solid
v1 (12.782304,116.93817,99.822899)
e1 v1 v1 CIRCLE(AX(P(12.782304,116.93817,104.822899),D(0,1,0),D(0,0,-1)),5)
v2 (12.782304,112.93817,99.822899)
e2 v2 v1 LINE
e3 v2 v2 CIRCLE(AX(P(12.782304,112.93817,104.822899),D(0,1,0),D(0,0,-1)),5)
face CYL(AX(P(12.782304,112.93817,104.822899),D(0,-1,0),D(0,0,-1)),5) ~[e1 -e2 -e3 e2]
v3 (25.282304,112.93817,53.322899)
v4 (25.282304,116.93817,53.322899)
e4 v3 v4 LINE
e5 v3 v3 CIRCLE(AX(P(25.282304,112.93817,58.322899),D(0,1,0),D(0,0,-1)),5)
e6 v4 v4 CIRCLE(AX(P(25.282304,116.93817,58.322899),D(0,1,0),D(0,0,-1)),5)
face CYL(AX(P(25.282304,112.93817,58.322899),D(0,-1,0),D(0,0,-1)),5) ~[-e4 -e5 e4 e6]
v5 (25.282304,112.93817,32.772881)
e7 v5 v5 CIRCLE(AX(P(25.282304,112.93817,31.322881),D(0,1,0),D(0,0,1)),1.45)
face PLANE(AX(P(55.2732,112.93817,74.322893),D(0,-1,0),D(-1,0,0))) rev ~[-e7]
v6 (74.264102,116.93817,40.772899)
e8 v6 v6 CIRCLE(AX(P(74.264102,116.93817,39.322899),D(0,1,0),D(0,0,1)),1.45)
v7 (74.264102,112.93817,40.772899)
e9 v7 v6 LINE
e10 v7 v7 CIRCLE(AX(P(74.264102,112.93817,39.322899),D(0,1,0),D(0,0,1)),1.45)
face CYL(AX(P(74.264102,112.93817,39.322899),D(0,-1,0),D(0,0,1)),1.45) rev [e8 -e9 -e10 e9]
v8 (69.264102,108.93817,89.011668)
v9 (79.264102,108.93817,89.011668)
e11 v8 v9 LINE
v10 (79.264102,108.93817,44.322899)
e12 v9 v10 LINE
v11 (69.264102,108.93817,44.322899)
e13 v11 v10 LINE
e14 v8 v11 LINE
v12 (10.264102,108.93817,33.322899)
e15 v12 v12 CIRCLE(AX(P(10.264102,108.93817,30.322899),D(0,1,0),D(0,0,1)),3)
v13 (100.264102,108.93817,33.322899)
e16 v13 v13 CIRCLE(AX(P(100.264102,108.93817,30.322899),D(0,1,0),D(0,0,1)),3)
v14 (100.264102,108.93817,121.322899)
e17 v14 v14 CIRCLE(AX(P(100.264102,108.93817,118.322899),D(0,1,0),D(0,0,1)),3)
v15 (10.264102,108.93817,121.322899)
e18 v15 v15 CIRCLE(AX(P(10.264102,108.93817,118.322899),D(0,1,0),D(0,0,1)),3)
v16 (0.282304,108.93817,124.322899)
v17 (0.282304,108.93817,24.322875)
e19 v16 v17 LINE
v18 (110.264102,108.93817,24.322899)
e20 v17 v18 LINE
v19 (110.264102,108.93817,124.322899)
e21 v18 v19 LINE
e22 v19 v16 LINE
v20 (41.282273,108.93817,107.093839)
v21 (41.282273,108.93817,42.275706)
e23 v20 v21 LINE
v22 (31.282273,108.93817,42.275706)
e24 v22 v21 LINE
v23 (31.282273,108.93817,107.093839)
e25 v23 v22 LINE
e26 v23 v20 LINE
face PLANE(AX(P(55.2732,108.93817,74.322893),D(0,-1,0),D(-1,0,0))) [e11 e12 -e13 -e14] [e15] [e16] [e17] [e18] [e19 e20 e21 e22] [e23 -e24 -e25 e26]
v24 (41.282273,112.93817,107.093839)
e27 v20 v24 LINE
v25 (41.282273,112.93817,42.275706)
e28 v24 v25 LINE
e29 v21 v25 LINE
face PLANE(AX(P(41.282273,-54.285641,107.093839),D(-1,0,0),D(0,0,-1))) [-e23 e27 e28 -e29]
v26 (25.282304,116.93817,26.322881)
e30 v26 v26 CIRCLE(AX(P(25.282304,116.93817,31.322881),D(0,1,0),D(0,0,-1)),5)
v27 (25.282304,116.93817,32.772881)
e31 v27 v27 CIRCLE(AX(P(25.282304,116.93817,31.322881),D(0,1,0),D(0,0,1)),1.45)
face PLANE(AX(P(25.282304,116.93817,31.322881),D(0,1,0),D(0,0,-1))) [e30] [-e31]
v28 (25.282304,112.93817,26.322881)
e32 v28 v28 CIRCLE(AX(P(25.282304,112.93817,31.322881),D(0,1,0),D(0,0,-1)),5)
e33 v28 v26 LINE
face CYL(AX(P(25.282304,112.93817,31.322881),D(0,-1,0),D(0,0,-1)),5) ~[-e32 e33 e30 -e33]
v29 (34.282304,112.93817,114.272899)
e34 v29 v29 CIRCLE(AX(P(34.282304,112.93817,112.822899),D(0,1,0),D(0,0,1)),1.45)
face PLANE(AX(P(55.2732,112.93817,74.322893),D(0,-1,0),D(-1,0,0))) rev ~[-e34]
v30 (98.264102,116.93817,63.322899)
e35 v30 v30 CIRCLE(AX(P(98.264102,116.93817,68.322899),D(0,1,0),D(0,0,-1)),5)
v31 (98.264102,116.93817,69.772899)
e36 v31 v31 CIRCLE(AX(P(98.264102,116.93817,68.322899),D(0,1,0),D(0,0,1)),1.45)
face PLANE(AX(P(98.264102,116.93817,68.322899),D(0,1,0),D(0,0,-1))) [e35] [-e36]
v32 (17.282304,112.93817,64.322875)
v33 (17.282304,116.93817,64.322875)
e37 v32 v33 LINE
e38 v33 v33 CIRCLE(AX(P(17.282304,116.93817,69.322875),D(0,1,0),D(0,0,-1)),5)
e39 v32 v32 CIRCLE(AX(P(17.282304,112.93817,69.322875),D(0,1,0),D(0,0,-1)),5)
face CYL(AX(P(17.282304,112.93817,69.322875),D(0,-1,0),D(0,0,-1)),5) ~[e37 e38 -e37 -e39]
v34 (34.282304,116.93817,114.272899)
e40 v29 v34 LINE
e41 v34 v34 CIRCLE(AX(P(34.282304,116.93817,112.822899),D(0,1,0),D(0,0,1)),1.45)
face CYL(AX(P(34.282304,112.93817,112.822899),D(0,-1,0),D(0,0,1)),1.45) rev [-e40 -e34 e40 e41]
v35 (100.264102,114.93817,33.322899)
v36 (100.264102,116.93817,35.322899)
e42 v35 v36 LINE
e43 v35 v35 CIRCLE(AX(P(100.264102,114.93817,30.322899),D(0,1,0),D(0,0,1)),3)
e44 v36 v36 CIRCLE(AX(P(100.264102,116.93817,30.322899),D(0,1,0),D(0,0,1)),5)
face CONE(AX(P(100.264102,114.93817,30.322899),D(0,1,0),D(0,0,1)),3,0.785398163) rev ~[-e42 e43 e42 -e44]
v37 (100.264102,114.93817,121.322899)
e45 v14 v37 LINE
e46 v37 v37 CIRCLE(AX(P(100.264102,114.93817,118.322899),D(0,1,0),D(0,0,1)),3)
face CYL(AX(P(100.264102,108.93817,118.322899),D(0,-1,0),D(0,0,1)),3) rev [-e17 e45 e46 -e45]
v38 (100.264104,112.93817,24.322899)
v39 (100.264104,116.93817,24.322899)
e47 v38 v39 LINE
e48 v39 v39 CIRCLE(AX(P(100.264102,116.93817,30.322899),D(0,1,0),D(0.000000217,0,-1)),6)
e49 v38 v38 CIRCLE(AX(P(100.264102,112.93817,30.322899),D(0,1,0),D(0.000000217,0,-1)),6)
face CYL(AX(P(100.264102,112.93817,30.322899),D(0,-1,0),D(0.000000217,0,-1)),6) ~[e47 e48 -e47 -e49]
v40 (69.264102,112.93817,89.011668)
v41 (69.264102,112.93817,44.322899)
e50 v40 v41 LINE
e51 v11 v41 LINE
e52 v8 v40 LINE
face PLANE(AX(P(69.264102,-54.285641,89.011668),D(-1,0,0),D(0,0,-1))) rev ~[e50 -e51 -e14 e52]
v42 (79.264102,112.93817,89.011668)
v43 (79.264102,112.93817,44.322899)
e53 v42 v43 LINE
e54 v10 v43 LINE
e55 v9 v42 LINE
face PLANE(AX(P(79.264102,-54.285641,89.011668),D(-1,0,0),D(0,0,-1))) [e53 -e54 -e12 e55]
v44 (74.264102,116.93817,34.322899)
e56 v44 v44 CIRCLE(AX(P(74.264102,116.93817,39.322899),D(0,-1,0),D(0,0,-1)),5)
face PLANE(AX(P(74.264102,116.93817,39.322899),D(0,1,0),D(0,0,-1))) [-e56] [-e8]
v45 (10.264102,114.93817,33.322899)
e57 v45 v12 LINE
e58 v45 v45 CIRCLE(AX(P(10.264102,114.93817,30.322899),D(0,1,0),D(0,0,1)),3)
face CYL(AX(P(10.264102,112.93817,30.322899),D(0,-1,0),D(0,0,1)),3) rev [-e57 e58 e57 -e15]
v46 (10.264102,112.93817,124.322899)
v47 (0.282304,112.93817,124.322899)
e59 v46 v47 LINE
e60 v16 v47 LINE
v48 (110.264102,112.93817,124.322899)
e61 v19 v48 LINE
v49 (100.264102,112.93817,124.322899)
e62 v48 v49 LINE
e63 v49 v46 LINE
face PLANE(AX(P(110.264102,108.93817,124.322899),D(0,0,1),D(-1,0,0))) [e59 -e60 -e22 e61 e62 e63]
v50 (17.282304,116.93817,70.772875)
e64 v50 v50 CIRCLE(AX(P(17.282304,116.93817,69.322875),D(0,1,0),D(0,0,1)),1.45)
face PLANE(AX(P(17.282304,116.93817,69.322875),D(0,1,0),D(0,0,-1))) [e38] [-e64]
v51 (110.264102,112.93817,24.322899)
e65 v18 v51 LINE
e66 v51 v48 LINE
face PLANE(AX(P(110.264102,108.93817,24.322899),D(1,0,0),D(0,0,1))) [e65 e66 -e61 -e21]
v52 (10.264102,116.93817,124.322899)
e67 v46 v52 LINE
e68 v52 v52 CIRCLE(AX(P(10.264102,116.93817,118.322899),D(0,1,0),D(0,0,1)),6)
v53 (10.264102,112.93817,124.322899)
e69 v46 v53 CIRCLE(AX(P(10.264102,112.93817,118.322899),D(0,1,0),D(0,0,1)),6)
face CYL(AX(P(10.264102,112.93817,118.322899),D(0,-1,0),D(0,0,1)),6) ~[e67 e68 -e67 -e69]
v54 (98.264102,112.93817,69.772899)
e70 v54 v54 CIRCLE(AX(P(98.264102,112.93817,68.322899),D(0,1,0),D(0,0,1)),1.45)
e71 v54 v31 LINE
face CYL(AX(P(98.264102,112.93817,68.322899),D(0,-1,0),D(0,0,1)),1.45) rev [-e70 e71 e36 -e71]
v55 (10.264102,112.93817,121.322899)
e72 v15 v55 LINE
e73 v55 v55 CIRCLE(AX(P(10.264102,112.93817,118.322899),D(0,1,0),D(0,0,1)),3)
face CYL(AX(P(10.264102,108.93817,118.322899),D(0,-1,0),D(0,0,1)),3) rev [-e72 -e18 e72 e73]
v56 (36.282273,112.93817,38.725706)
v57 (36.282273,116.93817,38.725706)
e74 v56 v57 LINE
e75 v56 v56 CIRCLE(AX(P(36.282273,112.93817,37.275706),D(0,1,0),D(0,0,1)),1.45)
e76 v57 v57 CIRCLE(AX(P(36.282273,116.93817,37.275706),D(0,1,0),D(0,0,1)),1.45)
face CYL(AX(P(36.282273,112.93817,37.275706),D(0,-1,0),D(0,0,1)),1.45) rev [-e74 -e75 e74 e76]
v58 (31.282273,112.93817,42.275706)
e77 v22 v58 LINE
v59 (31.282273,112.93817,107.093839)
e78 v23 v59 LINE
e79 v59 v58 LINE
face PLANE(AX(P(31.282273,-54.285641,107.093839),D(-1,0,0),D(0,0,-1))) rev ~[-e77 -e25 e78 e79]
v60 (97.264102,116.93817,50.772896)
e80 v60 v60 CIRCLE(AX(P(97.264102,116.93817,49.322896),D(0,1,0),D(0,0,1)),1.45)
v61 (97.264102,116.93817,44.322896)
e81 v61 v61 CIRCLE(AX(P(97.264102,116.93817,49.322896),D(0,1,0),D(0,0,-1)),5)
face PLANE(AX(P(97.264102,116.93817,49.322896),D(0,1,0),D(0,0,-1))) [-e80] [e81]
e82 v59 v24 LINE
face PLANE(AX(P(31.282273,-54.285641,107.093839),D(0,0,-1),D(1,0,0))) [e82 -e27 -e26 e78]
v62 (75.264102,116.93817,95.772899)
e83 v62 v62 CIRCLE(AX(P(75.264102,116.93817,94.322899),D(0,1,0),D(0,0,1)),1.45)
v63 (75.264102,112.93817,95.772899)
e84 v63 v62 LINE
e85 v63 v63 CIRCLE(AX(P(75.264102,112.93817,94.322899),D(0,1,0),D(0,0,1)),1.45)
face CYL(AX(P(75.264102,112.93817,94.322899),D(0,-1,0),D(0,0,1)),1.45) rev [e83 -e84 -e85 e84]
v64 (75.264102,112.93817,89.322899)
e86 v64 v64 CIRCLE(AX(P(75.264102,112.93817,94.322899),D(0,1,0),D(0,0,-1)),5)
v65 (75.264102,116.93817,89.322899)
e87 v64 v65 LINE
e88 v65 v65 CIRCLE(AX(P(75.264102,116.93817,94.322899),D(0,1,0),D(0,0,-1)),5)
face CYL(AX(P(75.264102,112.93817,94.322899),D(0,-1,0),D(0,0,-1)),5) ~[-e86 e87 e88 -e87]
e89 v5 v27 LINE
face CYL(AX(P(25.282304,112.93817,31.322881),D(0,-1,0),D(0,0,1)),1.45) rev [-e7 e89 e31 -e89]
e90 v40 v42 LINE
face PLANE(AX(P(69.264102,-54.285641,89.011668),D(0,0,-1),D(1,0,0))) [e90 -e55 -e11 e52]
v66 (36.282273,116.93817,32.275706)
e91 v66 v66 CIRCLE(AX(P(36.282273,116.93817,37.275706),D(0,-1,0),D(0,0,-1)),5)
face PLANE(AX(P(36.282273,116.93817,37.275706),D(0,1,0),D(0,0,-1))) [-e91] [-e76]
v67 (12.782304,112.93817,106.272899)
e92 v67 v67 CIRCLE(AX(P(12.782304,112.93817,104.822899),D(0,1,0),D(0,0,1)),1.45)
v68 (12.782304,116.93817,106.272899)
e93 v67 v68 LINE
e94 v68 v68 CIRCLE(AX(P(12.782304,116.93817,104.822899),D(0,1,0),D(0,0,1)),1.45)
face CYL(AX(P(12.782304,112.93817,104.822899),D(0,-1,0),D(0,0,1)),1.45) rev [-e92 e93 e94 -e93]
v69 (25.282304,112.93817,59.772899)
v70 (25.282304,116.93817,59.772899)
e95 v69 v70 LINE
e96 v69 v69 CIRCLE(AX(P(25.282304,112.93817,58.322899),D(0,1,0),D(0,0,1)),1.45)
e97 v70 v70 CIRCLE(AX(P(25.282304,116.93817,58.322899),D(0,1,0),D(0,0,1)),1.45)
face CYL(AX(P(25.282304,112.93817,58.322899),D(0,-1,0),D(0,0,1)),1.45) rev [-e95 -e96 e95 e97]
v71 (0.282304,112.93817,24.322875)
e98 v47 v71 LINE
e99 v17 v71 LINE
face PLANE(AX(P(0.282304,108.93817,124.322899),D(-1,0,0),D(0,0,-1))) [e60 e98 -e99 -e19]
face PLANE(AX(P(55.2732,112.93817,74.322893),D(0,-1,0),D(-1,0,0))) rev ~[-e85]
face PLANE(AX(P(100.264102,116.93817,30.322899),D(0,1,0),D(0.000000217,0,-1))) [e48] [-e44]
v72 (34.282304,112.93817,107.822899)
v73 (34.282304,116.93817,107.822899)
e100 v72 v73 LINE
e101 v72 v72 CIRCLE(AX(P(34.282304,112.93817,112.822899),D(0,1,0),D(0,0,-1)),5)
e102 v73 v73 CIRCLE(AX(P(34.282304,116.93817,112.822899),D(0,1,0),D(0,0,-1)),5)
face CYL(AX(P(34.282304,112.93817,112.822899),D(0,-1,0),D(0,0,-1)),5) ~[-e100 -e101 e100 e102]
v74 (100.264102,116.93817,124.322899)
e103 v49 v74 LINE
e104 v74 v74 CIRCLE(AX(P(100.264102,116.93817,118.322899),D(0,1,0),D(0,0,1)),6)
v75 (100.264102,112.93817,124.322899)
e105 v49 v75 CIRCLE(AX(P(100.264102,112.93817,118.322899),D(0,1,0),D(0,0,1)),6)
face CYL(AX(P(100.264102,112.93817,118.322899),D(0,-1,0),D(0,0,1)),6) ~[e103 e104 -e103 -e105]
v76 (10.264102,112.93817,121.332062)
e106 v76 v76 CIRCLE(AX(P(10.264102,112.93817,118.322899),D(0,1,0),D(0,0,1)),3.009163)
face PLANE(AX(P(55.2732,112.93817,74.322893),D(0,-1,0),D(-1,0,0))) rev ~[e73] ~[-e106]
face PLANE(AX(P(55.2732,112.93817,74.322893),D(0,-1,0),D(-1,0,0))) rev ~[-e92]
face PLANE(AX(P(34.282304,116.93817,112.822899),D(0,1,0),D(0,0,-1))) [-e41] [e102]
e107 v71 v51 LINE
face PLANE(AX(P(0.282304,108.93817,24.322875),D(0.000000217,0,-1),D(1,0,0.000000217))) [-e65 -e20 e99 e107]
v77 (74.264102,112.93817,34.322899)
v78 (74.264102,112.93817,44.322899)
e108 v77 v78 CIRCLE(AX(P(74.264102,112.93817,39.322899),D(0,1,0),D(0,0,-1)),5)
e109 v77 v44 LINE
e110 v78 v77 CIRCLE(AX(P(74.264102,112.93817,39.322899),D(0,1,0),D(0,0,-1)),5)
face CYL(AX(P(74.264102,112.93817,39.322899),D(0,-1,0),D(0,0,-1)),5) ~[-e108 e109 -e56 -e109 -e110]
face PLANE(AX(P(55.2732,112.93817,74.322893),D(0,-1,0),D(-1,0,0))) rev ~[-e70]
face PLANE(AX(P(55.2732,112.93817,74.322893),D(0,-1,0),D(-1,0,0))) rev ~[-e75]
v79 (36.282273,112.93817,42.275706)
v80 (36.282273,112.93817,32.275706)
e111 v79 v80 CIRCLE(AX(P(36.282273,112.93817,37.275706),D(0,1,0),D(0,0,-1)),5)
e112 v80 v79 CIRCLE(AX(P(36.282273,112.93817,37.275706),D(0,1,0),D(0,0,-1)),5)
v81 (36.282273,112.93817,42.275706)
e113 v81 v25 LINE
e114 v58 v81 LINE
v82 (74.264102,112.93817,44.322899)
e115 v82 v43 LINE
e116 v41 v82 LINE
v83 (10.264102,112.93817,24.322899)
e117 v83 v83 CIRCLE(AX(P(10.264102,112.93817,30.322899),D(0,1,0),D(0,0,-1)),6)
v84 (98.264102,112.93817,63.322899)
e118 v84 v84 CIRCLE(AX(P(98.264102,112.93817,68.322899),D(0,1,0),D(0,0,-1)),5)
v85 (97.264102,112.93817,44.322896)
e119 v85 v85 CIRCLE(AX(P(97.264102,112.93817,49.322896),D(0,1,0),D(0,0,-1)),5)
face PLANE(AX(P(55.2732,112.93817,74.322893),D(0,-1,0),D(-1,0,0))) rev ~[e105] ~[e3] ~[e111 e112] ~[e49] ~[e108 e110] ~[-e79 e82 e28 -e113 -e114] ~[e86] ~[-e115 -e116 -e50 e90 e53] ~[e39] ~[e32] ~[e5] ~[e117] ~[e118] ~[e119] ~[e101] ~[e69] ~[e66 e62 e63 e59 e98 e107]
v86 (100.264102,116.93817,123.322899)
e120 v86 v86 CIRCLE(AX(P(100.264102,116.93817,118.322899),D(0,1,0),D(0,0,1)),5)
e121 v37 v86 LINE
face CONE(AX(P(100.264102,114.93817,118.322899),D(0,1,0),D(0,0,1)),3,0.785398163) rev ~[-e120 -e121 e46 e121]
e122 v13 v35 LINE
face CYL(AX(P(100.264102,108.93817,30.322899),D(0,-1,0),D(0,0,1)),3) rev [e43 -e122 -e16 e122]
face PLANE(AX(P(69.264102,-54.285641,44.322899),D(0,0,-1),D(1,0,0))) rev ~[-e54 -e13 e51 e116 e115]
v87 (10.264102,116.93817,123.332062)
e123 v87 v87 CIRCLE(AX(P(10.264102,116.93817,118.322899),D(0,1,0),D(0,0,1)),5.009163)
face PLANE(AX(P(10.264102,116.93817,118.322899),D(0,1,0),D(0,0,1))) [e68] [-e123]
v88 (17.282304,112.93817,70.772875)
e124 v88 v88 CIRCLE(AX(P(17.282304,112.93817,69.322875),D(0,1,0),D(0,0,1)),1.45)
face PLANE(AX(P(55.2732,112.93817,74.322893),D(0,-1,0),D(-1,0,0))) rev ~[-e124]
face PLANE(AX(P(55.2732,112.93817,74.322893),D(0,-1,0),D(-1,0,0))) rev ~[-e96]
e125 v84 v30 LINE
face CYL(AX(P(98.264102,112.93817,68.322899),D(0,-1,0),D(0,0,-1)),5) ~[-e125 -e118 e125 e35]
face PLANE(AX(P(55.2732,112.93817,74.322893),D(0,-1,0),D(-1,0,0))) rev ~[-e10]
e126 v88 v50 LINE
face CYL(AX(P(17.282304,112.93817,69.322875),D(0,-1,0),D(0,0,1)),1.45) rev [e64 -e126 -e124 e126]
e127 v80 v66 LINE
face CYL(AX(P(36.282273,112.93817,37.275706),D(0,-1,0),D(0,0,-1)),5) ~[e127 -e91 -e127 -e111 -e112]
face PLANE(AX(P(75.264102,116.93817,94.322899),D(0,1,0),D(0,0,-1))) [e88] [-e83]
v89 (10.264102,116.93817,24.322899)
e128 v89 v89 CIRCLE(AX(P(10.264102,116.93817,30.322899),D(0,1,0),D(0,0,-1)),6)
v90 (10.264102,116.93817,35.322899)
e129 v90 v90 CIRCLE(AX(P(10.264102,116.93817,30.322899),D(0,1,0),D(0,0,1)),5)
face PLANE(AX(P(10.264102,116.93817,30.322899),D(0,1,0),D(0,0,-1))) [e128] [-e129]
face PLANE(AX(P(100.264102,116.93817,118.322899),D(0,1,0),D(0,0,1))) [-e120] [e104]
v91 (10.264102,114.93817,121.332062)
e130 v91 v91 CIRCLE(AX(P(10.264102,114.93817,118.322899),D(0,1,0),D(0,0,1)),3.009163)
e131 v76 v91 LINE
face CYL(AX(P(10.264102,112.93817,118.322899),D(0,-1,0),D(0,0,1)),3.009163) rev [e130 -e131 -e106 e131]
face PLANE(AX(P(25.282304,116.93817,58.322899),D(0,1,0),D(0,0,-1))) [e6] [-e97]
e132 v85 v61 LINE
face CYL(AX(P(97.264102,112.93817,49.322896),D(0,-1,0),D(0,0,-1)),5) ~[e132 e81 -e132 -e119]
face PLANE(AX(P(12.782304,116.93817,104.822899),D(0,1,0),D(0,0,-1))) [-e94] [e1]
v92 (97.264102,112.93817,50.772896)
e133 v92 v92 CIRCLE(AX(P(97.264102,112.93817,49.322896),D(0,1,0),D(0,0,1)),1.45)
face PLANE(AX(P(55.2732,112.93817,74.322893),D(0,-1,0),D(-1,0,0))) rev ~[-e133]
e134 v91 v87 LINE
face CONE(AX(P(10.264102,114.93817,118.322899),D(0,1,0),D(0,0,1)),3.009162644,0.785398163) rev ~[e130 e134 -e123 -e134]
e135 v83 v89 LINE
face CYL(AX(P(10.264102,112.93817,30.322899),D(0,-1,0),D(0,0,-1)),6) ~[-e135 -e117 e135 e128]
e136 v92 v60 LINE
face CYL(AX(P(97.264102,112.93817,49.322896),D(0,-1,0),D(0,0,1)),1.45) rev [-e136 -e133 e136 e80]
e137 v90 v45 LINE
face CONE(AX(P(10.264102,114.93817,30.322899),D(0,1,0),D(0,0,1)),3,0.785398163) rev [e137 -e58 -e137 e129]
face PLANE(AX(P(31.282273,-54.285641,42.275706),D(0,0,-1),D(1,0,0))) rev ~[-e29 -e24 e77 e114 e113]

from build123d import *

# Parameters (mm, degrees)
SKETCH_1_R               = 3
EXTRUDE_1_DEPTH          = 4
SKETCH_2_R               = 5
SKETCH_2_R_2             = 1.45
SKETCH_2_R_3             = 6
SKETCH_2_R_4             = 3
SKETCH_2_R_5             = 3.009162644
EXTRUDE_2_DEPTH          = 4
CUT_EXTRUDE_1_DEPTH      = 167.223811286
CUT_EXTRUDE_1_DEPTH_BACK = 167.223811286
SKETCH_2_3_W             = 10
SKETCH_2_3_H             = 64.81813301
SKETCH_2_3_H_2           = 44.688768686
CHAMFER_1_SIZE           = 2


with BuildPart() as part:
    # Эскиз1 → Бобышка-Вытянуть1 (new body)
    with BuildSketch(Plane(origin=(0, 108.938170493, 0), x_dir=(1, 0, 0), z_dir=(0, 1, 0))):
        Polygon((110.264102209, -24.322898947), (110.264102209, -124.322898947), (0.282304198, -124.322898947), (0.282304198, -24.322875098), align=None)
        with Locations((10.264102209, -30.322898947)):
            Circle(SKETCH_1_R, mode=Mode.SUBTRACT)
        with Locations((100.264102209, -30.322898947)):
            Circle(SKETCH_1_R, mode=Mode.SUBTRACT)
        with Locations((100.264102209, -118.322898947)):
            Circle(SKETCH_1_R, mode=Mode.SUBTRACT)
        with Locations((10.264102209, -118.322898947)):
            Circle(SKETCH_1_R, mode=Mode.SUBTRACT)
    extrude(amount=EXTRUDE_1_DEPTH)

    # Эскиз2 → Бобышка-Вытянуть2 (add)
    # profile 1 of 14: a face of its own
    with BuildSketch(Plane(origin=(0, 112.938170493, 0), x_dir=(1, 0, 0), z_dir=(0, 1, 0))):
        with Locations((36.282273297, -37.275706323)):
            Circle(SKETCH_2_R)
        with Locations((36.282273297, -37.275706323)):
            Circle(SKETCH_2_R_2, mode=Mode.SUBTRACT)
    # profile 2 of 14: a face of its own
    with BuildSketch(Plane(origin=(0, 112.938170493, 0), x_dir=(1, 0, 0), z_dir=(0, 1, 0))):
        with Locations((74.264102209, -39.322898947)):
            Circle(SKETCH_2_R)
        with Locations((74.264102209, -39.322898947)):
            Circle(SKETCH_2_R_2, mode=Mode.SUBTRACT)
    # profile 3 of 14: a face of its own
    with BuildSketch(Plane(origin=(0, 112.938170493, 0), x_dir=(1, 0, 0), z_dir=(0, 1, 0))):
        with Locations((25.282304198, -31.322880519)):
            Circle(SKETCH_2_R)
        with Locations((25.282304198, -31.322880519)):
            Circle(SKETCH_2_R_2, mode=Mode.SUBTRACT)
    # profile 4 of 14: a face of its own
    with BuildSketch(Plane(origin=(0, 112.938170493, 0), x_dir=(1, 0, 0), z_dir=(0, 1, 0))):
        with Locations((17.282304198, -69.322875098)):
            Circle(SKETCH_2_R)
        with Locations((17.282304198, -69.322875098)):
            Circle(SKETCH_2_R_2, mode=Mode.SUBTRACT)
    # profile 5 of 14: a face of its own
    with BuildSketch(Plane(origin=(0, 112.938170493, 0), x_dir=(1, 0, 0), z_dir=(0, 1, 0))):
        with Locations((25.282304198, -58.322898947)):
            Circle(SKETCH_2_R)
        with Locations((25.282304198, -58.322898947)):
            Circle(SKETCH_2_R_2, mode=Mode.SUBTRACT)
    # profile 6 of 14: a face of its own
    with BuildSketch(Plane(origin=(0, 112.938170493, 0), x_dir=(1, 0, 0), z_dir=(0, 1, 0))):
        with Locations((12.782304198, -104.822898947)):
            Circle(SKETCH_2_R)
        with Locations((12.782304198, -104.822898947)):
            Circle(SKETCH_2_R_2, mode=Mode.SUBTRACT)
    # profile 7 of 14: a face of its own
    with BuildSketch(Plane(origin=(0, 112.938170493, 0), x_dir=(1, 0, 0), z_dir=(0, 1, 0))):
        with Locations((34.282304198, -112.822898947)):
            Circle(SKETCH_2_R)
        with Locations((34.282304198, -112.822898947)):
            Circle(SKETCH_2_R_2, mode=Mode.SUBTRACT)
    # profile 8 of 14: a face of its own
    with BuildSketch(Plane(origin=(0, 112.938170493, 0), x_dir=(1, 0, 0), z_dir=(0, 1, 0))):
        with Locations((97.264102209, -49.322896128)):
            Circle(SKETCH_2_R)
        with Locations((97.264102209, -49.322896128)):
            Circle(SKETCH_2_R_2, mode=Mode.SUBTRACT)
    # profile 9 of 14: a face of its own
    with BuildSketch(Plane(origin=(0, 112.938170493, 0), x_dir=(1, 0, 0), z_dir=(0, 1, 0))):
        with Locations((98.264102209, -68.322898947)):
            Circle(SKETCH_2_R)
        with Locations((98.264102209, -68.322898947)):
            Circle(SKETCH_2_R_2, mode=Mode.SUBTRACT)
    # profile 10 of 14: a face of its own
    with BuildSketch(Plane(origin=(0, 112.938170493, 0), x_dir=(1, 0, 0), z_dir=(0, 1, 0))):
        with Locations((75.264102209, -94.322898947)):
            Circle(SKETCH_2_R)
        with Locations((75.264102209, -94.322898947)):
            Circle(SKETCH_2_R_2, mode=Mode.SUBTRACT)
    # profile 11 of 14: a face of its own
    with BuildSketch(Plane(origin=(0, 112.938170493, 0), x_dir=(1, 0, 0), z_dir=(0, 1, 0))):
        with Locations((10.264102209, -30.322898947)):
            Circle(SKETCH_2_R_3)
        with Locations((10.264102209, -30.322898947)):
            Circle(SKETCH_2_R_4, mode=Mode.SUBTRACT)
    # profile 12 of 14: a face of its own
    with BuildSketch(Plane(origin=(0, 112.938170493, 0), x_dir=(1, 0, 0), z_dir=(0, 1, 0))):
        with Locations((100.264102209, -30.322898947)):
            Circle(SKETCH_2_R_3)
        with Locations((100.264102209, -30.322898947)):
            Circle(SKETCH_2_R_4, mode=Mode.SUBTRACT)
    # profile 13 of 14: a face of its own
    with BuildSketch(Plane(origin=(0, 112.938170493, 0), x_dir=(1, 0, 0), z_dir=(0, 1, 0))):
        with Locations((100.264102209, -118.322898947)):
            Circle(SKETCH_2_R_3)
        with Locations((100.264102209, -118.322898947)):
            Circle(SKETCH_2_R_4, mode=Mode.SUBTRACT)
    # profile 14 of 14: a face of its own
    with BuildSketch(Plane(origin=(0, 112.938170493, 0), x_dir=(1, 0, 0), z_dir=(0, 1, 0))):
        with Locations((10.264102209, -118.322898947)):
            Circle(SKETCH_2_R_3)
        with Locations((10.264102209, -118.322898947)):
            Circle(SKETCH_2_R_5, mode=Mode.SUBTRACT)
    extrude(amount=EXTRUDE_2_DEPTH)

    # Эскиз2<3> → Вырез-Вытянуть1 (cut, two sides: drawn at the far end of the back side and taken through both)
    with BuildSketch(Plane(origin=(0, 112.938170493, 0), x_dir=(1, 0, 0), z_dir=(0, 1, 0)).offset(-CUT_EXTRUDE_1_DEPTH_BACK)):
        with Locations((36.282273297, -74.684772828)):
            Rectangle(SKETCH_2_3_W, SKETCH_2_3_H)
        with Locations((74.264102209, -66.66728329)):
            Rectangle(SKETCH_2_3_W, SKETCH_2_3_H_2)
    extrude(amount=CUT_EXTRUDE_1_DEPTH + CUT_EXTRUDE_1_DEPTH_BACK, mode=Mode.SUBTRACT)

    # Фаска1
    chamfer_1_edges = [part.edges().sort_by_distance(p)[0] for p in [
        (7.254939564, 116.938170493, 118.322898947),
        (97.264102209, 116.938170493, 118.322898947),
        (97.264102209, 116.938170493, 30.322898947),
        (7.264102209, 116.938170493, 30.322898947),
    ]]
    chamfer(chamfer_1_edges, length=CHAMFER_1_SIZE)


solid = part.part
